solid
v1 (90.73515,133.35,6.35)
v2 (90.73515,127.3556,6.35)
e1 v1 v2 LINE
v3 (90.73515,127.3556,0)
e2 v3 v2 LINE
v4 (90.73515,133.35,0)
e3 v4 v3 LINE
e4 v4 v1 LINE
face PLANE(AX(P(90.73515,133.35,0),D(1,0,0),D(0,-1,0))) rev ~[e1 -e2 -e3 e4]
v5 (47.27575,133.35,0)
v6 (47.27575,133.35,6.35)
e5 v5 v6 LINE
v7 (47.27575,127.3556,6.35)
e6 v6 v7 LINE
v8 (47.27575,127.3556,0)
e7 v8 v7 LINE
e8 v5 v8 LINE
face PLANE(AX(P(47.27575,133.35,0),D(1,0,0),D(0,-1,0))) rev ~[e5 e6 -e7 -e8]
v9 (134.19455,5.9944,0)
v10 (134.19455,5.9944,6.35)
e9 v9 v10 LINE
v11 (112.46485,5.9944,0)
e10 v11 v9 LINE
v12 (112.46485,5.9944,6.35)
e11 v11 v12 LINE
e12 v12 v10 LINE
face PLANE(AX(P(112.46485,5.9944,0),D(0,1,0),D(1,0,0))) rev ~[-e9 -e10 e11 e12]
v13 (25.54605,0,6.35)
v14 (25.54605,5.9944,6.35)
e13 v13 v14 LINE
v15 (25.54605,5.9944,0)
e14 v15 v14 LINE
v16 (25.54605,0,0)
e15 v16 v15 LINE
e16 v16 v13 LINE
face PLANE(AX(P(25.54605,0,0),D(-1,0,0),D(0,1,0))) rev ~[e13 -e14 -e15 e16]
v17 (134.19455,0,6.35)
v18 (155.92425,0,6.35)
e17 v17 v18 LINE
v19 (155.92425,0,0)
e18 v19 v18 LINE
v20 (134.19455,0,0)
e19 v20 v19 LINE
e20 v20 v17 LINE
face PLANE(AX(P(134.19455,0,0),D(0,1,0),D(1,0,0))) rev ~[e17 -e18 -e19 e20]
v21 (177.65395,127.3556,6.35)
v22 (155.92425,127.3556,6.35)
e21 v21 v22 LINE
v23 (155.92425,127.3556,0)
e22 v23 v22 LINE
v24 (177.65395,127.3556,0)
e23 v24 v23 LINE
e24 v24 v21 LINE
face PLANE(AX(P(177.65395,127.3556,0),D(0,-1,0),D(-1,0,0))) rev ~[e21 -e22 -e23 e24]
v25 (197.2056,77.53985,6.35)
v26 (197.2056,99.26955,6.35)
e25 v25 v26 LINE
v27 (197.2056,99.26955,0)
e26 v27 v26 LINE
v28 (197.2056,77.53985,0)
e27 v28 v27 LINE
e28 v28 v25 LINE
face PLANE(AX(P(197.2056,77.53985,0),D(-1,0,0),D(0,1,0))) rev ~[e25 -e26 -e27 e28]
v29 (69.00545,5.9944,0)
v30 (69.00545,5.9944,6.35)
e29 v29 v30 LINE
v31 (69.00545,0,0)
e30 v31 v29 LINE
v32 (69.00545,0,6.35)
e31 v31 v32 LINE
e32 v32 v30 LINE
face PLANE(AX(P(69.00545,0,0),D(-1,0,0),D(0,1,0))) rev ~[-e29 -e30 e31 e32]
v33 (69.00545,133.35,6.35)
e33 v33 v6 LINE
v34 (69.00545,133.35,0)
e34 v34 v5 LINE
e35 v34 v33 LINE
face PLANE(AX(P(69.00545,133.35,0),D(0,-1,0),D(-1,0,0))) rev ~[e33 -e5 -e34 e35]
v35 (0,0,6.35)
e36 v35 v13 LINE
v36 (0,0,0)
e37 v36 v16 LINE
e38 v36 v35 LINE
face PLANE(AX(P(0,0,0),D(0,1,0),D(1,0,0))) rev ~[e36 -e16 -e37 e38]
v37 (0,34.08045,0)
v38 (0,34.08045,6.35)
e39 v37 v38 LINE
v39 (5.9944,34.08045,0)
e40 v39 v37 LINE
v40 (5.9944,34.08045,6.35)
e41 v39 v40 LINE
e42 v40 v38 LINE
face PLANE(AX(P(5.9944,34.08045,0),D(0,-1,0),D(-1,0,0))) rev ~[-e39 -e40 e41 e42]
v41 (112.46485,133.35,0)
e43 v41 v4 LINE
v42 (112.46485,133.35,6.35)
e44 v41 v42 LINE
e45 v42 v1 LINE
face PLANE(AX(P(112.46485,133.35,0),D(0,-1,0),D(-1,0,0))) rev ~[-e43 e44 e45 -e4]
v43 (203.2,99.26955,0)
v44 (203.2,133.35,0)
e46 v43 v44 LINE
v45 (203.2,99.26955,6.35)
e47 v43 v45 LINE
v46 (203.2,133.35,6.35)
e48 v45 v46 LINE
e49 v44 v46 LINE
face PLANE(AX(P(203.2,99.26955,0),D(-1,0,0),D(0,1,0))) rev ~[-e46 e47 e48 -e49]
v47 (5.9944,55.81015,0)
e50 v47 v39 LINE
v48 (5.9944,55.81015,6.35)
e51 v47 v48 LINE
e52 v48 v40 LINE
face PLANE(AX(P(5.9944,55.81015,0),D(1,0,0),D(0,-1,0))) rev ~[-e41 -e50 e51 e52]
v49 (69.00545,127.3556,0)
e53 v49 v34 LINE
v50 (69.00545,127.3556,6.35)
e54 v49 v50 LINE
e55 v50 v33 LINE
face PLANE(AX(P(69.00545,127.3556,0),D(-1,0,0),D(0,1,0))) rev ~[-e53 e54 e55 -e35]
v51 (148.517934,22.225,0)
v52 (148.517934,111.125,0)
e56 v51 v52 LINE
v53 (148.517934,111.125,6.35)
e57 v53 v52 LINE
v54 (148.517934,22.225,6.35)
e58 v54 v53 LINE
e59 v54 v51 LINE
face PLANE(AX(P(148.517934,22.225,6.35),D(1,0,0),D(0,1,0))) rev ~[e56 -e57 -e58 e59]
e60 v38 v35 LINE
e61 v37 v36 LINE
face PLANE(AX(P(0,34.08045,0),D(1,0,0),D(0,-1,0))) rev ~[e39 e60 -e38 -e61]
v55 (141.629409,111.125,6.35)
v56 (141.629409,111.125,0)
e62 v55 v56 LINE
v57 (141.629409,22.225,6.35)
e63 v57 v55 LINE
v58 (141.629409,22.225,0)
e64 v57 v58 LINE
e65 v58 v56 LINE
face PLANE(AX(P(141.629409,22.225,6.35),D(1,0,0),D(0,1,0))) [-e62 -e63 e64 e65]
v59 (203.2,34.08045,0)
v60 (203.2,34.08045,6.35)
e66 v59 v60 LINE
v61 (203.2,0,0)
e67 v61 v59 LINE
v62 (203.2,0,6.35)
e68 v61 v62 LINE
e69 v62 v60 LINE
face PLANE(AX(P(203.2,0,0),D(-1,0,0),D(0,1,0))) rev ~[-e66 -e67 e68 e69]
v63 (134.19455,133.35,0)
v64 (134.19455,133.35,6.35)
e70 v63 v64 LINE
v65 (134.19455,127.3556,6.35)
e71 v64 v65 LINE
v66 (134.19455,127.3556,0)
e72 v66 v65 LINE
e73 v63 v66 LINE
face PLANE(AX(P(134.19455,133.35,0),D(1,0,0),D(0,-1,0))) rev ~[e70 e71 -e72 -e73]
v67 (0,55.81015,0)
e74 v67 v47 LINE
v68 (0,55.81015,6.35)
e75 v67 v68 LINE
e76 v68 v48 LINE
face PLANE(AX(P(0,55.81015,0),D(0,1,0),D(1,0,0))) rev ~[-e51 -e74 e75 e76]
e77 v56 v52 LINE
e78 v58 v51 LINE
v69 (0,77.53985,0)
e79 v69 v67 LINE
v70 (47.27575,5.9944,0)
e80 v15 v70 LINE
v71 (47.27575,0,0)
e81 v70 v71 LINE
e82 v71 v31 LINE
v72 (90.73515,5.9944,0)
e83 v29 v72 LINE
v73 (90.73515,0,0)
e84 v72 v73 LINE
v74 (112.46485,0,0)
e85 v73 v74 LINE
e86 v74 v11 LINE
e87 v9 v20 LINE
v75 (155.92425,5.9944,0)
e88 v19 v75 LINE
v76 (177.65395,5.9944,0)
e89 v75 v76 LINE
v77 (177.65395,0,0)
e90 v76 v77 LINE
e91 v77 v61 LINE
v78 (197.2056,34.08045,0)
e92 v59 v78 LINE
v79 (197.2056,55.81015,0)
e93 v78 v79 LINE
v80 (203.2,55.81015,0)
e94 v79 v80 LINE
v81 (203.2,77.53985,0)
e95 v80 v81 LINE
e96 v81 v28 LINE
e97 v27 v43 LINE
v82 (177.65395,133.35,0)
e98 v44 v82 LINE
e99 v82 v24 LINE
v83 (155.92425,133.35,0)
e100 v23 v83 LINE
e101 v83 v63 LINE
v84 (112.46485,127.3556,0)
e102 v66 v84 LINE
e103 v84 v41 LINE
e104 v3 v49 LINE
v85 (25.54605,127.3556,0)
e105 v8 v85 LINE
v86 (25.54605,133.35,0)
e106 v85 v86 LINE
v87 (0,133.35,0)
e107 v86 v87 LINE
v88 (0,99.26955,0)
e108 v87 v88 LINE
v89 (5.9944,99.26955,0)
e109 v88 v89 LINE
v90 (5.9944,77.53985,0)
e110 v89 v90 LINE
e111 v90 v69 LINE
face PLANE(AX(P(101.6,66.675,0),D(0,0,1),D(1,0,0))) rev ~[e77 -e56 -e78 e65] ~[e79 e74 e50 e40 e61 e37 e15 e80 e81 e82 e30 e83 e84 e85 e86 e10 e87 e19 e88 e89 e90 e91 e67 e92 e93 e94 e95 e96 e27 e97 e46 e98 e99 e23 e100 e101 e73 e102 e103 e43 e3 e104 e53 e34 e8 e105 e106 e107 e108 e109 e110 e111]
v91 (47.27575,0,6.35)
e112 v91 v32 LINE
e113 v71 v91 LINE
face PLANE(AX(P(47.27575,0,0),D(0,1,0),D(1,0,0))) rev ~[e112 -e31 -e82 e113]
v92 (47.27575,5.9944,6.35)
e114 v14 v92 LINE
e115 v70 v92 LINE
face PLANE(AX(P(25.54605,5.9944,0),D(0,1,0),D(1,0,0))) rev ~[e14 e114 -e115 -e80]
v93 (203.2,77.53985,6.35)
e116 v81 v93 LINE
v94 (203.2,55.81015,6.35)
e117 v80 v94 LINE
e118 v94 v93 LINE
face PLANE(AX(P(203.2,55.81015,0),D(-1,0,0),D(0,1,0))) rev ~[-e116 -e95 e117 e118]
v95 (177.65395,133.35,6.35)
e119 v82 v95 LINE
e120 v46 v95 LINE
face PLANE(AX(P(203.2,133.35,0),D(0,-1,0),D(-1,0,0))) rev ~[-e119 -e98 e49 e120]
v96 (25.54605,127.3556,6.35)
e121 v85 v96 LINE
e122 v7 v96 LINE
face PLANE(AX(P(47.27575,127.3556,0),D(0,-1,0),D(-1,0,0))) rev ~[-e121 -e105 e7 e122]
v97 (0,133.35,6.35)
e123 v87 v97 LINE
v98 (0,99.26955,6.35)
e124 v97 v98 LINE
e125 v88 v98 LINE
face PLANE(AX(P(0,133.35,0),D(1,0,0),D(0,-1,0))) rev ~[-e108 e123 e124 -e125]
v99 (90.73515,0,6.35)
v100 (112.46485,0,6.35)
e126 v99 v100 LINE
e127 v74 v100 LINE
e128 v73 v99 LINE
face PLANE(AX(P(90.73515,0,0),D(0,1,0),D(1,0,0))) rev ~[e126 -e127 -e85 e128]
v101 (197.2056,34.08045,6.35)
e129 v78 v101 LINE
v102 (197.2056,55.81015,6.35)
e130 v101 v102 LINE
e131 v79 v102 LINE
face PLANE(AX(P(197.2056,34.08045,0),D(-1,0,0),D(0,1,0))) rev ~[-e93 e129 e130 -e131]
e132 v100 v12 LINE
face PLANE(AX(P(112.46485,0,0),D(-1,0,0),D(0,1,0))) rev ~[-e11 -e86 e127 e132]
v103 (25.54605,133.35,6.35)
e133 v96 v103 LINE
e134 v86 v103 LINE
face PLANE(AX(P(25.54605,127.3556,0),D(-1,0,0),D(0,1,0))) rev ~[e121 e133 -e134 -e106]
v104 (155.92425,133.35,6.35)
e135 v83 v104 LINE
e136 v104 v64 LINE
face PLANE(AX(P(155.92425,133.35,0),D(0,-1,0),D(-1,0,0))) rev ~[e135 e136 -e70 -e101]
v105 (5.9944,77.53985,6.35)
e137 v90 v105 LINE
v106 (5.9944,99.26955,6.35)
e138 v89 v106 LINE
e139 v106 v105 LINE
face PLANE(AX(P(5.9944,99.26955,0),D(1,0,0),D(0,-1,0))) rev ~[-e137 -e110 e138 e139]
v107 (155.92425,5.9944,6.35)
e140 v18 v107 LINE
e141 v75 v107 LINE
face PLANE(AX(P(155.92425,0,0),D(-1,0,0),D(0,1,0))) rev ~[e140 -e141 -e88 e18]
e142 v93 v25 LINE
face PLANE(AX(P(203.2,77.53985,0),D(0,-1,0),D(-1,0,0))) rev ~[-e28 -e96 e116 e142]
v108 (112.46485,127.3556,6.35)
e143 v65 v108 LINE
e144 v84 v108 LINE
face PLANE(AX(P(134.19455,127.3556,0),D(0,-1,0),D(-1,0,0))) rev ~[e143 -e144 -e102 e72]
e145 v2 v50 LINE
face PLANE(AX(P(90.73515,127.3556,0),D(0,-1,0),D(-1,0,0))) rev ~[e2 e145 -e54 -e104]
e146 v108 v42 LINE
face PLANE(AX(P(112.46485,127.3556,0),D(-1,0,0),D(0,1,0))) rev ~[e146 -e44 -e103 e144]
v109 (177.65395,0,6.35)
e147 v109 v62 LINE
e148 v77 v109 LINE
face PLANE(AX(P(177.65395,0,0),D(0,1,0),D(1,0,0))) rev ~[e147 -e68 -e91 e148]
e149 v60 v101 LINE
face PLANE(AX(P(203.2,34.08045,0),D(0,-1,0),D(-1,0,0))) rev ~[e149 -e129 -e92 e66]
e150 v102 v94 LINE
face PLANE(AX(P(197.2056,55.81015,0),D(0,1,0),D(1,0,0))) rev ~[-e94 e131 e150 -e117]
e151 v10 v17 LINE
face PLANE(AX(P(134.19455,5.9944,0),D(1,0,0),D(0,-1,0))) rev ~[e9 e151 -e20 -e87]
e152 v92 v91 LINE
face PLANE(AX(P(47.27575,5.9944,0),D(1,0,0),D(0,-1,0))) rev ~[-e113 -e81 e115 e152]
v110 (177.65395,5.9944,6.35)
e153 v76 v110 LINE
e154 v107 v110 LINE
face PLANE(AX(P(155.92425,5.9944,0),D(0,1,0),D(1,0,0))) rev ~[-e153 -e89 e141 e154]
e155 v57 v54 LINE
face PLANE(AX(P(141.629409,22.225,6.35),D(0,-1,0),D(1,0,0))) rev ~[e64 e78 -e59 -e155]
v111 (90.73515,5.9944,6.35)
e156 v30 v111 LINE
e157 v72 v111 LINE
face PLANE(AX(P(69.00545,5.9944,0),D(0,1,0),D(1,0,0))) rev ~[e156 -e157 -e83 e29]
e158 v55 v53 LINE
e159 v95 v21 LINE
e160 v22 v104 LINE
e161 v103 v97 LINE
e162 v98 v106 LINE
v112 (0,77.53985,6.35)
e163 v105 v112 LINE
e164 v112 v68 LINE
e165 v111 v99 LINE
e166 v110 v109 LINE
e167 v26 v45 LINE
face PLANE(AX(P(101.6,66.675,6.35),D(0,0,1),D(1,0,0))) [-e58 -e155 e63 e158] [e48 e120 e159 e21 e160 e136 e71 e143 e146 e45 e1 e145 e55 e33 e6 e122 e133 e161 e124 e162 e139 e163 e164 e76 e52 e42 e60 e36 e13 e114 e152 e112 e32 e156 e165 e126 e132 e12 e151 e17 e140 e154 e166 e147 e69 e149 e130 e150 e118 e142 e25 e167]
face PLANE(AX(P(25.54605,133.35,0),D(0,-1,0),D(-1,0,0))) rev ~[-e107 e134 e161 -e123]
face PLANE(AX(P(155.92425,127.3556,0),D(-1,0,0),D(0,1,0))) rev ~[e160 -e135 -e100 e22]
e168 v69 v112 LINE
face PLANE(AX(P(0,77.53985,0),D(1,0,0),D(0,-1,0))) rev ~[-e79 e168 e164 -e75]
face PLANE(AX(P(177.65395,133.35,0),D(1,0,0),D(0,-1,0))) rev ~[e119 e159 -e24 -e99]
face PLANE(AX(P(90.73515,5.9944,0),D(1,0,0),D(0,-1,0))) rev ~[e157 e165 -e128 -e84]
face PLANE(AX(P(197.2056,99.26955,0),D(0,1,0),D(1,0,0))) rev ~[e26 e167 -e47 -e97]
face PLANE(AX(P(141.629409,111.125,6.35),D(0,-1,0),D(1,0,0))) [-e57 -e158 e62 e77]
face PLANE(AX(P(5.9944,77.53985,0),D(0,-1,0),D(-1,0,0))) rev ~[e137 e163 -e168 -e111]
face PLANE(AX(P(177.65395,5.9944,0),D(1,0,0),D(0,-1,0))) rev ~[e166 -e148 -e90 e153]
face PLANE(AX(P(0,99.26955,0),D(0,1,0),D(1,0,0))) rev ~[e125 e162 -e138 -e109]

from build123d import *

# Parameters (mm, degrees)
BOSS_EXTRUDE1_DEPTH = 6.35
SKETCH4_W           = 6.888524177
SKETCH4_H           = 88.9
CUT_EXTRUDE1_DEPTH  = 6.35


with BuildPart() as part:
    # Sketch3 → Boss-Extrude1 (new body)
    with BuildSketch(Plane.XY):
        Polygon((0, 77.53985), (0, 55.81015), (5.9944, 55.81015), (5.9944, 34.08045), (0, 34.08045), (0, 12.35075), (0, 0), (25.54605, 0), (25.54605, 5.9944), (47.27575, 5.9944), (47.27575, 0), (69.00545, 0), (69.00545, 5.9944), (90.73515, 5.9944), (90.73515, 0), (112.46485, 0), (112.46485, 5.9944), (134.19455, 5.9944), (134.19455, 0), (155.92425, 0), (155.92425, 5.9944), (177.65395, 5.9944), (177.65395, 0), (203.2, 0), (203.2, 34.08045), (197.2056, 34.08045), (197.2056, 55.81015), (203.2, 55.81015), (203.2, 77.53985), (197.2056, 77.53985), (197.2056, 99.26955), (203.2, 99.26955), (203.2, 120.99925), (203.2, 133.35), (177.65395, 133.35), (177.65395, 127.3556), (155.92425, 127.3556), (155.92425, 133.35), (134.19455, 133.35), (134.19455, 127.3556), (112.46485, 127.3556), (112.46485, 133.35), (90.73515, 133.35), (90.73515, 127.3556), (69.00545, 127.3556), (69.00545, 133.35), (47.27575, 133.35), (47.27575, 127.3556), (25.54605, 127.3556), (25.54605, 133.35), (0, 133.35), (0, 99.26955), (5.9944, 99.26955), (5.9944, 77.53985), align=None)
    extrude(amount=BOSS_EXTRUDE1_DEPTH)

    # Sketch4 → Cut-Extrude1 (cut)
    with BuildSketch(Plane.XY.offset(6.35)):
        with Locations((145.073671488, 66.675)):
            Rectangle(SKETCH4_W, SKETCH4_H)
    extrude(amount=-CUT_EXTRUDE1_DEPTH, mode=Mode.SUBTRACT)


solid = part.part
